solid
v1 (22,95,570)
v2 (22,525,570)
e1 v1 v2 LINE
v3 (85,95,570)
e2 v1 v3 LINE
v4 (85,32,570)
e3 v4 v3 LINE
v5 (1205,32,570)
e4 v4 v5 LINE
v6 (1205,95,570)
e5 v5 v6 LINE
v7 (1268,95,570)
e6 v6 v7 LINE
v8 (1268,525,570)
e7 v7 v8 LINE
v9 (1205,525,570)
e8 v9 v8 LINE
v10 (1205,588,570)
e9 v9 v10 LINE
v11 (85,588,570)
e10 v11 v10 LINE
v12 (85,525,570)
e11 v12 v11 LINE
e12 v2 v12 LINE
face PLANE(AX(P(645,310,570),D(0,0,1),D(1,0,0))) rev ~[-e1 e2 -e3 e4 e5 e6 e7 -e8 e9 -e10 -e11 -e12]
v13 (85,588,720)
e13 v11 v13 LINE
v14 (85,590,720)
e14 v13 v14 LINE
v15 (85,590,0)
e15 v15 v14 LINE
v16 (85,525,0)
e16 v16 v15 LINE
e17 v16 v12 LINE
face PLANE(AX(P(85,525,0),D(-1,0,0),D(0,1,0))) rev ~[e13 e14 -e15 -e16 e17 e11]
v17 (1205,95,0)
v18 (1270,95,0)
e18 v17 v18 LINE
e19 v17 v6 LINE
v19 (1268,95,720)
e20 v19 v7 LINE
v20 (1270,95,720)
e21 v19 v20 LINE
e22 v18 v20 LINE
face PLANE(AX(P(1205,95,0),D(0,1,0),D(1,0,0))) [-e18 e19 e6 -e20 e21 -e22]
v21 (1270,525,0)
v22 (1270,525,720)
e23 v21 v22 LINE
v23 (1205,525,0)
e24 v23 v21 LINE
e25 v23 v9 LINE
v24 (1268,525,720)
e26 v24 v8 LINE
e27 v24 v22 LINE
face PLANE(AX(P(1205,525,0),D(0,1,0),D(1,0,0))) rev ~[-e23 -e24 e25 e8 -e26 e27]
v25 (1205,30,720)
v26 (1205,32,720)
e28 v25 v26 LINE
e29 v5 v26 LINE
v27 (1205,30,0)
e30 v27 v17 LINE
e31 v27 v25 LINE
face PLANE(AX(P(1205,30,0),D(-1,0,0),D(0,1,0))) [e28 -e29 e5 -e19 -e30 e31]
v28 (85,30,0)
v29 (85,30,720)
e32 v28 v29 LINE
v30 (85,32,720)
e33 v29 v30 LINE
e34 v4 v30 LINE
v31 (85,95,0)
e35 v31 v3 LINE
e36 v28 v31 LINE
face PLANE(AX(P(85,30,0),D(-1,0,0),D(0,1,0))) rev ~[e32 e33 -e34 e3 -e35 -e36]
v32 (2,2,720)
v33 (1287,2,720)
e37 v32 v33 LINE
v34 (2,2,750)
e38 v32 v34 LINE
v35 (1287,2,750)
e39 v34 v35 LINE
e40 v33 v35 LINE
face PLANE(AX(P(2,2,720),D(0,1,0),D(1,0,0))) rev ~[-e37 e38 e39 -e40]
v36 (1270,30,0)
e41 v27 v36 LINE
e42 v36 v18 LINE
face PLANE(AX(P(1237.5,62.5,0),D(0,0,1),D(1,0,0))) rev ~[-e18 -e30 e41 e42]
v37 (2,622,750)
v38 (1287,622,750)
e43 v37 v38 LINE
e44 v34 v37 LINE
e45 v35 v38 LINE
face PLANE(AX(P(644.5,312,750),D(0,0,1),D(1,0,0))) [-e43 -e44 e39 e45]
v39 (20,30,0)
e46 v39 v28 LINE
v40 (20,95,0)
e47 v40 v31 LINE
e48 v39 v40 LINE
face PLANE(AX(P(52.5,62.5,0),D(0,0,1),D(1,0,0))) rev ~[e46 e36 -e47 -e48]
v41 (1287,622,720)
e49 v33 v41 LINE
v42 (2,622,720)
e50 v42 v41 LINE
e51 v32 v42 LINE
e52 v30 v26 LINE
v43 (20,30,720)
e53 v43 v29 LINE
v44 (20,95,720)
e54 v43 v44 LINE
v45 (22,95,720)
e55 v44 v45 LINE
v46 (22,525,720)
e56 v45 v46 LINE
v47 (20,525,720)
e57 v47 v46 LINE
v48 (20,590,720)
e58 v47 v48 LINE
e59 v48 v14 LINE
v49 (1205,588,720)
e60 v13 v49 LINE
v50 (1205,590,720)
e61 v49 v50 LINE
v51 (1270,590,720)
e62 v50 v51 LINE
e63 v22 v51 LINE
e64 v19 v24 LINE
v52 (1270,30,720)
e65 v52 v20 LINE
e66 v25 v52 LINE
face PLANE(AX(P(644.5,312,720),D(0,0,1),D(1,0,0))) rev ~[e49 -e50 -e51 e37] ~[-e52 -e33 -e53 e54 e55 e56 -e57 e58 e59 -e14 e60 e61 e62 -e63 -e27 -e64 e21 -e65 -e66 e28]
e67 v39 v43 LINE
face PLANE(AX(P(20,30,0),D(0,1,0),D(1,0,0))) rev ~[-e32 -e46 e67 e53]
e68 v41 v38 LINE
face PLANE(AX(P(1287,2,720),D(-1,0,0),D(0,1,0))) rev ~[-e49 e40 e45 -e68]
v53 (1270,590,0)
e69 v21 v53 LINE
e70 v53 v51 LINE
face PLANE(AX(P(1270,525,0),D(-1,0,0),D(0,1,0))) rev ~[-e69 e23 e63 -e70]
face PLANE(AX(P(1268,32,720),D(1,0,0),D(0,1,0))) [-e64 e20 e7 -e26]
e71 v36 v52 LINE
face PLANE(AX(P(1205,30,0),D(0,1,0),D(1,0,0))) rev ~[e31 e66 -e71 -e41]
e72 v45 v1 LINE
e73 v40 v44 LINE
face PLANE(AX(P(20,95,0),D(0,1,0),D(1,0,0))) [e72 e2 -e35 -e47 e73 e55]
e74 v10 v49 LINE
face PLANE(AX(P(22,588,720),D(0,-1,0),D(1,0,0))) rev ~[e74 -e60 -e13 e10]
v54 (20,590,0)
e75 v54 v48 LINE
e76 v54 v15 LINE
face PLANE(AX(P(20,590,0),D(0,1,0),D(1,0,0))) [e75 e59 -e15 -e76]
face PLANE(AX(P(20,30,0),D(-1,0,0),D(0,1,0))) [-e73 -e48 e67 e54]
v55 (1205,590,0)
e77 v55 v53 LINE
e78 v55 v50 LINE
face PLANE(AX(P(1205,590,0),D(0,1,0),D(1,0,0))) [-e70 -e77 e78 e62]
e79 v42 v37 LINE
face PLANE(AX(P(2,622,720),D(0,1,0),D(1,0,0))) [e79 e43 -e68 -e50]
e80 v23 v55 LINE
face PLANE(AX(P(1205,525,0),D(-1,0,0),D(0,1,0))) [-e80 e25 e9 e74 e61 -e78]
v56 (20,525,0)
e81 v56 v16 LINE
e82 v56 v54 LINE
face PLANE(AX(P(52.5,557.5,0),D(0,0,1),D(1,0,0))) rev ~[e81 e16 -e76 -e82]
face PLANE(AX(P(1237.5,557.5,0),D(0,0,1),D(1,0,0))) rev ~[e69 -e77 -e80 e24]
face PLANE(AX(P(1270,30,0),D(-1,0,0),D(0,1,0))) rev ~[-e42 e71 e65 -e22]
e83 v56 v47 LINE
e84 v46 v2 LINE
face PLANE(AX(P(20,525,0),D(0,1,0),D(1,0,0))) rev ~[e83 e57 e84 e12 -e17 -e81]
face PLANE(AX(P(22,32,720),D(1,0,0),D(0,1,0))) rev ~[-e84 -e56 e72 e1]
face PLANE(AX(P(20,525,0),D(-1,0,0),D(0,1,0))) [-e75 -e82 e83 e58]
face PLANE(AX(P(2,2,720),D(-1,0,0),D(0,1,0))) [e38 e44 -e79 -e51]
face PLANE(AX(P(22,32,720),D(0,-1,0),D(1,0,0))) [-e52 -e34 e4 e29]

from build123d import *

# Parameters (mm, degrees)
F1_W     = 65
F1_H     = 65
F2_DEPTH = 720
F3_W     = 1246
F3_H     = 556
F4_DEPTH = 150
F5_W     = 1285
F5_H     = 620
F6_DEPTH = 30


with BuildPart() as f2:
    # F1 (on Top) → F2 (new body, through all)
    with BuildSketch(Plane.XY):
        with Locations((52.5, 557.5)):
            Rectangle(F1_W, F1_H)
        with Locations((1237.5, 62.5)):
            Rectangle(F1_W, F1_H)
        with Locations((1237.5, 557.5)):
            Rectangle(F1_W, F1_H)
        with Locations((52.5, 62.5)):
            Rectangle(F1_W, F1_H)
    extrude(amount=F2_DEPTH)

    # F3 (on offset) → F4 (join)
    with BuildSketch(Plane.XY.offset(720)):
        with Locations((645, 310)):
            Rectangle(F3_W, F3_H)
    extrude(amount=-F4_DEPTH)

    # F5 (on offset) → F6 (join)
    with BuildSketch(Plane.XY.offset(720)):
        with Locations((644.5, 312)):
            Rectangle(F5_W, F5_H)
    extrude(amount=F6_DEPTH)


solid = f2.part
